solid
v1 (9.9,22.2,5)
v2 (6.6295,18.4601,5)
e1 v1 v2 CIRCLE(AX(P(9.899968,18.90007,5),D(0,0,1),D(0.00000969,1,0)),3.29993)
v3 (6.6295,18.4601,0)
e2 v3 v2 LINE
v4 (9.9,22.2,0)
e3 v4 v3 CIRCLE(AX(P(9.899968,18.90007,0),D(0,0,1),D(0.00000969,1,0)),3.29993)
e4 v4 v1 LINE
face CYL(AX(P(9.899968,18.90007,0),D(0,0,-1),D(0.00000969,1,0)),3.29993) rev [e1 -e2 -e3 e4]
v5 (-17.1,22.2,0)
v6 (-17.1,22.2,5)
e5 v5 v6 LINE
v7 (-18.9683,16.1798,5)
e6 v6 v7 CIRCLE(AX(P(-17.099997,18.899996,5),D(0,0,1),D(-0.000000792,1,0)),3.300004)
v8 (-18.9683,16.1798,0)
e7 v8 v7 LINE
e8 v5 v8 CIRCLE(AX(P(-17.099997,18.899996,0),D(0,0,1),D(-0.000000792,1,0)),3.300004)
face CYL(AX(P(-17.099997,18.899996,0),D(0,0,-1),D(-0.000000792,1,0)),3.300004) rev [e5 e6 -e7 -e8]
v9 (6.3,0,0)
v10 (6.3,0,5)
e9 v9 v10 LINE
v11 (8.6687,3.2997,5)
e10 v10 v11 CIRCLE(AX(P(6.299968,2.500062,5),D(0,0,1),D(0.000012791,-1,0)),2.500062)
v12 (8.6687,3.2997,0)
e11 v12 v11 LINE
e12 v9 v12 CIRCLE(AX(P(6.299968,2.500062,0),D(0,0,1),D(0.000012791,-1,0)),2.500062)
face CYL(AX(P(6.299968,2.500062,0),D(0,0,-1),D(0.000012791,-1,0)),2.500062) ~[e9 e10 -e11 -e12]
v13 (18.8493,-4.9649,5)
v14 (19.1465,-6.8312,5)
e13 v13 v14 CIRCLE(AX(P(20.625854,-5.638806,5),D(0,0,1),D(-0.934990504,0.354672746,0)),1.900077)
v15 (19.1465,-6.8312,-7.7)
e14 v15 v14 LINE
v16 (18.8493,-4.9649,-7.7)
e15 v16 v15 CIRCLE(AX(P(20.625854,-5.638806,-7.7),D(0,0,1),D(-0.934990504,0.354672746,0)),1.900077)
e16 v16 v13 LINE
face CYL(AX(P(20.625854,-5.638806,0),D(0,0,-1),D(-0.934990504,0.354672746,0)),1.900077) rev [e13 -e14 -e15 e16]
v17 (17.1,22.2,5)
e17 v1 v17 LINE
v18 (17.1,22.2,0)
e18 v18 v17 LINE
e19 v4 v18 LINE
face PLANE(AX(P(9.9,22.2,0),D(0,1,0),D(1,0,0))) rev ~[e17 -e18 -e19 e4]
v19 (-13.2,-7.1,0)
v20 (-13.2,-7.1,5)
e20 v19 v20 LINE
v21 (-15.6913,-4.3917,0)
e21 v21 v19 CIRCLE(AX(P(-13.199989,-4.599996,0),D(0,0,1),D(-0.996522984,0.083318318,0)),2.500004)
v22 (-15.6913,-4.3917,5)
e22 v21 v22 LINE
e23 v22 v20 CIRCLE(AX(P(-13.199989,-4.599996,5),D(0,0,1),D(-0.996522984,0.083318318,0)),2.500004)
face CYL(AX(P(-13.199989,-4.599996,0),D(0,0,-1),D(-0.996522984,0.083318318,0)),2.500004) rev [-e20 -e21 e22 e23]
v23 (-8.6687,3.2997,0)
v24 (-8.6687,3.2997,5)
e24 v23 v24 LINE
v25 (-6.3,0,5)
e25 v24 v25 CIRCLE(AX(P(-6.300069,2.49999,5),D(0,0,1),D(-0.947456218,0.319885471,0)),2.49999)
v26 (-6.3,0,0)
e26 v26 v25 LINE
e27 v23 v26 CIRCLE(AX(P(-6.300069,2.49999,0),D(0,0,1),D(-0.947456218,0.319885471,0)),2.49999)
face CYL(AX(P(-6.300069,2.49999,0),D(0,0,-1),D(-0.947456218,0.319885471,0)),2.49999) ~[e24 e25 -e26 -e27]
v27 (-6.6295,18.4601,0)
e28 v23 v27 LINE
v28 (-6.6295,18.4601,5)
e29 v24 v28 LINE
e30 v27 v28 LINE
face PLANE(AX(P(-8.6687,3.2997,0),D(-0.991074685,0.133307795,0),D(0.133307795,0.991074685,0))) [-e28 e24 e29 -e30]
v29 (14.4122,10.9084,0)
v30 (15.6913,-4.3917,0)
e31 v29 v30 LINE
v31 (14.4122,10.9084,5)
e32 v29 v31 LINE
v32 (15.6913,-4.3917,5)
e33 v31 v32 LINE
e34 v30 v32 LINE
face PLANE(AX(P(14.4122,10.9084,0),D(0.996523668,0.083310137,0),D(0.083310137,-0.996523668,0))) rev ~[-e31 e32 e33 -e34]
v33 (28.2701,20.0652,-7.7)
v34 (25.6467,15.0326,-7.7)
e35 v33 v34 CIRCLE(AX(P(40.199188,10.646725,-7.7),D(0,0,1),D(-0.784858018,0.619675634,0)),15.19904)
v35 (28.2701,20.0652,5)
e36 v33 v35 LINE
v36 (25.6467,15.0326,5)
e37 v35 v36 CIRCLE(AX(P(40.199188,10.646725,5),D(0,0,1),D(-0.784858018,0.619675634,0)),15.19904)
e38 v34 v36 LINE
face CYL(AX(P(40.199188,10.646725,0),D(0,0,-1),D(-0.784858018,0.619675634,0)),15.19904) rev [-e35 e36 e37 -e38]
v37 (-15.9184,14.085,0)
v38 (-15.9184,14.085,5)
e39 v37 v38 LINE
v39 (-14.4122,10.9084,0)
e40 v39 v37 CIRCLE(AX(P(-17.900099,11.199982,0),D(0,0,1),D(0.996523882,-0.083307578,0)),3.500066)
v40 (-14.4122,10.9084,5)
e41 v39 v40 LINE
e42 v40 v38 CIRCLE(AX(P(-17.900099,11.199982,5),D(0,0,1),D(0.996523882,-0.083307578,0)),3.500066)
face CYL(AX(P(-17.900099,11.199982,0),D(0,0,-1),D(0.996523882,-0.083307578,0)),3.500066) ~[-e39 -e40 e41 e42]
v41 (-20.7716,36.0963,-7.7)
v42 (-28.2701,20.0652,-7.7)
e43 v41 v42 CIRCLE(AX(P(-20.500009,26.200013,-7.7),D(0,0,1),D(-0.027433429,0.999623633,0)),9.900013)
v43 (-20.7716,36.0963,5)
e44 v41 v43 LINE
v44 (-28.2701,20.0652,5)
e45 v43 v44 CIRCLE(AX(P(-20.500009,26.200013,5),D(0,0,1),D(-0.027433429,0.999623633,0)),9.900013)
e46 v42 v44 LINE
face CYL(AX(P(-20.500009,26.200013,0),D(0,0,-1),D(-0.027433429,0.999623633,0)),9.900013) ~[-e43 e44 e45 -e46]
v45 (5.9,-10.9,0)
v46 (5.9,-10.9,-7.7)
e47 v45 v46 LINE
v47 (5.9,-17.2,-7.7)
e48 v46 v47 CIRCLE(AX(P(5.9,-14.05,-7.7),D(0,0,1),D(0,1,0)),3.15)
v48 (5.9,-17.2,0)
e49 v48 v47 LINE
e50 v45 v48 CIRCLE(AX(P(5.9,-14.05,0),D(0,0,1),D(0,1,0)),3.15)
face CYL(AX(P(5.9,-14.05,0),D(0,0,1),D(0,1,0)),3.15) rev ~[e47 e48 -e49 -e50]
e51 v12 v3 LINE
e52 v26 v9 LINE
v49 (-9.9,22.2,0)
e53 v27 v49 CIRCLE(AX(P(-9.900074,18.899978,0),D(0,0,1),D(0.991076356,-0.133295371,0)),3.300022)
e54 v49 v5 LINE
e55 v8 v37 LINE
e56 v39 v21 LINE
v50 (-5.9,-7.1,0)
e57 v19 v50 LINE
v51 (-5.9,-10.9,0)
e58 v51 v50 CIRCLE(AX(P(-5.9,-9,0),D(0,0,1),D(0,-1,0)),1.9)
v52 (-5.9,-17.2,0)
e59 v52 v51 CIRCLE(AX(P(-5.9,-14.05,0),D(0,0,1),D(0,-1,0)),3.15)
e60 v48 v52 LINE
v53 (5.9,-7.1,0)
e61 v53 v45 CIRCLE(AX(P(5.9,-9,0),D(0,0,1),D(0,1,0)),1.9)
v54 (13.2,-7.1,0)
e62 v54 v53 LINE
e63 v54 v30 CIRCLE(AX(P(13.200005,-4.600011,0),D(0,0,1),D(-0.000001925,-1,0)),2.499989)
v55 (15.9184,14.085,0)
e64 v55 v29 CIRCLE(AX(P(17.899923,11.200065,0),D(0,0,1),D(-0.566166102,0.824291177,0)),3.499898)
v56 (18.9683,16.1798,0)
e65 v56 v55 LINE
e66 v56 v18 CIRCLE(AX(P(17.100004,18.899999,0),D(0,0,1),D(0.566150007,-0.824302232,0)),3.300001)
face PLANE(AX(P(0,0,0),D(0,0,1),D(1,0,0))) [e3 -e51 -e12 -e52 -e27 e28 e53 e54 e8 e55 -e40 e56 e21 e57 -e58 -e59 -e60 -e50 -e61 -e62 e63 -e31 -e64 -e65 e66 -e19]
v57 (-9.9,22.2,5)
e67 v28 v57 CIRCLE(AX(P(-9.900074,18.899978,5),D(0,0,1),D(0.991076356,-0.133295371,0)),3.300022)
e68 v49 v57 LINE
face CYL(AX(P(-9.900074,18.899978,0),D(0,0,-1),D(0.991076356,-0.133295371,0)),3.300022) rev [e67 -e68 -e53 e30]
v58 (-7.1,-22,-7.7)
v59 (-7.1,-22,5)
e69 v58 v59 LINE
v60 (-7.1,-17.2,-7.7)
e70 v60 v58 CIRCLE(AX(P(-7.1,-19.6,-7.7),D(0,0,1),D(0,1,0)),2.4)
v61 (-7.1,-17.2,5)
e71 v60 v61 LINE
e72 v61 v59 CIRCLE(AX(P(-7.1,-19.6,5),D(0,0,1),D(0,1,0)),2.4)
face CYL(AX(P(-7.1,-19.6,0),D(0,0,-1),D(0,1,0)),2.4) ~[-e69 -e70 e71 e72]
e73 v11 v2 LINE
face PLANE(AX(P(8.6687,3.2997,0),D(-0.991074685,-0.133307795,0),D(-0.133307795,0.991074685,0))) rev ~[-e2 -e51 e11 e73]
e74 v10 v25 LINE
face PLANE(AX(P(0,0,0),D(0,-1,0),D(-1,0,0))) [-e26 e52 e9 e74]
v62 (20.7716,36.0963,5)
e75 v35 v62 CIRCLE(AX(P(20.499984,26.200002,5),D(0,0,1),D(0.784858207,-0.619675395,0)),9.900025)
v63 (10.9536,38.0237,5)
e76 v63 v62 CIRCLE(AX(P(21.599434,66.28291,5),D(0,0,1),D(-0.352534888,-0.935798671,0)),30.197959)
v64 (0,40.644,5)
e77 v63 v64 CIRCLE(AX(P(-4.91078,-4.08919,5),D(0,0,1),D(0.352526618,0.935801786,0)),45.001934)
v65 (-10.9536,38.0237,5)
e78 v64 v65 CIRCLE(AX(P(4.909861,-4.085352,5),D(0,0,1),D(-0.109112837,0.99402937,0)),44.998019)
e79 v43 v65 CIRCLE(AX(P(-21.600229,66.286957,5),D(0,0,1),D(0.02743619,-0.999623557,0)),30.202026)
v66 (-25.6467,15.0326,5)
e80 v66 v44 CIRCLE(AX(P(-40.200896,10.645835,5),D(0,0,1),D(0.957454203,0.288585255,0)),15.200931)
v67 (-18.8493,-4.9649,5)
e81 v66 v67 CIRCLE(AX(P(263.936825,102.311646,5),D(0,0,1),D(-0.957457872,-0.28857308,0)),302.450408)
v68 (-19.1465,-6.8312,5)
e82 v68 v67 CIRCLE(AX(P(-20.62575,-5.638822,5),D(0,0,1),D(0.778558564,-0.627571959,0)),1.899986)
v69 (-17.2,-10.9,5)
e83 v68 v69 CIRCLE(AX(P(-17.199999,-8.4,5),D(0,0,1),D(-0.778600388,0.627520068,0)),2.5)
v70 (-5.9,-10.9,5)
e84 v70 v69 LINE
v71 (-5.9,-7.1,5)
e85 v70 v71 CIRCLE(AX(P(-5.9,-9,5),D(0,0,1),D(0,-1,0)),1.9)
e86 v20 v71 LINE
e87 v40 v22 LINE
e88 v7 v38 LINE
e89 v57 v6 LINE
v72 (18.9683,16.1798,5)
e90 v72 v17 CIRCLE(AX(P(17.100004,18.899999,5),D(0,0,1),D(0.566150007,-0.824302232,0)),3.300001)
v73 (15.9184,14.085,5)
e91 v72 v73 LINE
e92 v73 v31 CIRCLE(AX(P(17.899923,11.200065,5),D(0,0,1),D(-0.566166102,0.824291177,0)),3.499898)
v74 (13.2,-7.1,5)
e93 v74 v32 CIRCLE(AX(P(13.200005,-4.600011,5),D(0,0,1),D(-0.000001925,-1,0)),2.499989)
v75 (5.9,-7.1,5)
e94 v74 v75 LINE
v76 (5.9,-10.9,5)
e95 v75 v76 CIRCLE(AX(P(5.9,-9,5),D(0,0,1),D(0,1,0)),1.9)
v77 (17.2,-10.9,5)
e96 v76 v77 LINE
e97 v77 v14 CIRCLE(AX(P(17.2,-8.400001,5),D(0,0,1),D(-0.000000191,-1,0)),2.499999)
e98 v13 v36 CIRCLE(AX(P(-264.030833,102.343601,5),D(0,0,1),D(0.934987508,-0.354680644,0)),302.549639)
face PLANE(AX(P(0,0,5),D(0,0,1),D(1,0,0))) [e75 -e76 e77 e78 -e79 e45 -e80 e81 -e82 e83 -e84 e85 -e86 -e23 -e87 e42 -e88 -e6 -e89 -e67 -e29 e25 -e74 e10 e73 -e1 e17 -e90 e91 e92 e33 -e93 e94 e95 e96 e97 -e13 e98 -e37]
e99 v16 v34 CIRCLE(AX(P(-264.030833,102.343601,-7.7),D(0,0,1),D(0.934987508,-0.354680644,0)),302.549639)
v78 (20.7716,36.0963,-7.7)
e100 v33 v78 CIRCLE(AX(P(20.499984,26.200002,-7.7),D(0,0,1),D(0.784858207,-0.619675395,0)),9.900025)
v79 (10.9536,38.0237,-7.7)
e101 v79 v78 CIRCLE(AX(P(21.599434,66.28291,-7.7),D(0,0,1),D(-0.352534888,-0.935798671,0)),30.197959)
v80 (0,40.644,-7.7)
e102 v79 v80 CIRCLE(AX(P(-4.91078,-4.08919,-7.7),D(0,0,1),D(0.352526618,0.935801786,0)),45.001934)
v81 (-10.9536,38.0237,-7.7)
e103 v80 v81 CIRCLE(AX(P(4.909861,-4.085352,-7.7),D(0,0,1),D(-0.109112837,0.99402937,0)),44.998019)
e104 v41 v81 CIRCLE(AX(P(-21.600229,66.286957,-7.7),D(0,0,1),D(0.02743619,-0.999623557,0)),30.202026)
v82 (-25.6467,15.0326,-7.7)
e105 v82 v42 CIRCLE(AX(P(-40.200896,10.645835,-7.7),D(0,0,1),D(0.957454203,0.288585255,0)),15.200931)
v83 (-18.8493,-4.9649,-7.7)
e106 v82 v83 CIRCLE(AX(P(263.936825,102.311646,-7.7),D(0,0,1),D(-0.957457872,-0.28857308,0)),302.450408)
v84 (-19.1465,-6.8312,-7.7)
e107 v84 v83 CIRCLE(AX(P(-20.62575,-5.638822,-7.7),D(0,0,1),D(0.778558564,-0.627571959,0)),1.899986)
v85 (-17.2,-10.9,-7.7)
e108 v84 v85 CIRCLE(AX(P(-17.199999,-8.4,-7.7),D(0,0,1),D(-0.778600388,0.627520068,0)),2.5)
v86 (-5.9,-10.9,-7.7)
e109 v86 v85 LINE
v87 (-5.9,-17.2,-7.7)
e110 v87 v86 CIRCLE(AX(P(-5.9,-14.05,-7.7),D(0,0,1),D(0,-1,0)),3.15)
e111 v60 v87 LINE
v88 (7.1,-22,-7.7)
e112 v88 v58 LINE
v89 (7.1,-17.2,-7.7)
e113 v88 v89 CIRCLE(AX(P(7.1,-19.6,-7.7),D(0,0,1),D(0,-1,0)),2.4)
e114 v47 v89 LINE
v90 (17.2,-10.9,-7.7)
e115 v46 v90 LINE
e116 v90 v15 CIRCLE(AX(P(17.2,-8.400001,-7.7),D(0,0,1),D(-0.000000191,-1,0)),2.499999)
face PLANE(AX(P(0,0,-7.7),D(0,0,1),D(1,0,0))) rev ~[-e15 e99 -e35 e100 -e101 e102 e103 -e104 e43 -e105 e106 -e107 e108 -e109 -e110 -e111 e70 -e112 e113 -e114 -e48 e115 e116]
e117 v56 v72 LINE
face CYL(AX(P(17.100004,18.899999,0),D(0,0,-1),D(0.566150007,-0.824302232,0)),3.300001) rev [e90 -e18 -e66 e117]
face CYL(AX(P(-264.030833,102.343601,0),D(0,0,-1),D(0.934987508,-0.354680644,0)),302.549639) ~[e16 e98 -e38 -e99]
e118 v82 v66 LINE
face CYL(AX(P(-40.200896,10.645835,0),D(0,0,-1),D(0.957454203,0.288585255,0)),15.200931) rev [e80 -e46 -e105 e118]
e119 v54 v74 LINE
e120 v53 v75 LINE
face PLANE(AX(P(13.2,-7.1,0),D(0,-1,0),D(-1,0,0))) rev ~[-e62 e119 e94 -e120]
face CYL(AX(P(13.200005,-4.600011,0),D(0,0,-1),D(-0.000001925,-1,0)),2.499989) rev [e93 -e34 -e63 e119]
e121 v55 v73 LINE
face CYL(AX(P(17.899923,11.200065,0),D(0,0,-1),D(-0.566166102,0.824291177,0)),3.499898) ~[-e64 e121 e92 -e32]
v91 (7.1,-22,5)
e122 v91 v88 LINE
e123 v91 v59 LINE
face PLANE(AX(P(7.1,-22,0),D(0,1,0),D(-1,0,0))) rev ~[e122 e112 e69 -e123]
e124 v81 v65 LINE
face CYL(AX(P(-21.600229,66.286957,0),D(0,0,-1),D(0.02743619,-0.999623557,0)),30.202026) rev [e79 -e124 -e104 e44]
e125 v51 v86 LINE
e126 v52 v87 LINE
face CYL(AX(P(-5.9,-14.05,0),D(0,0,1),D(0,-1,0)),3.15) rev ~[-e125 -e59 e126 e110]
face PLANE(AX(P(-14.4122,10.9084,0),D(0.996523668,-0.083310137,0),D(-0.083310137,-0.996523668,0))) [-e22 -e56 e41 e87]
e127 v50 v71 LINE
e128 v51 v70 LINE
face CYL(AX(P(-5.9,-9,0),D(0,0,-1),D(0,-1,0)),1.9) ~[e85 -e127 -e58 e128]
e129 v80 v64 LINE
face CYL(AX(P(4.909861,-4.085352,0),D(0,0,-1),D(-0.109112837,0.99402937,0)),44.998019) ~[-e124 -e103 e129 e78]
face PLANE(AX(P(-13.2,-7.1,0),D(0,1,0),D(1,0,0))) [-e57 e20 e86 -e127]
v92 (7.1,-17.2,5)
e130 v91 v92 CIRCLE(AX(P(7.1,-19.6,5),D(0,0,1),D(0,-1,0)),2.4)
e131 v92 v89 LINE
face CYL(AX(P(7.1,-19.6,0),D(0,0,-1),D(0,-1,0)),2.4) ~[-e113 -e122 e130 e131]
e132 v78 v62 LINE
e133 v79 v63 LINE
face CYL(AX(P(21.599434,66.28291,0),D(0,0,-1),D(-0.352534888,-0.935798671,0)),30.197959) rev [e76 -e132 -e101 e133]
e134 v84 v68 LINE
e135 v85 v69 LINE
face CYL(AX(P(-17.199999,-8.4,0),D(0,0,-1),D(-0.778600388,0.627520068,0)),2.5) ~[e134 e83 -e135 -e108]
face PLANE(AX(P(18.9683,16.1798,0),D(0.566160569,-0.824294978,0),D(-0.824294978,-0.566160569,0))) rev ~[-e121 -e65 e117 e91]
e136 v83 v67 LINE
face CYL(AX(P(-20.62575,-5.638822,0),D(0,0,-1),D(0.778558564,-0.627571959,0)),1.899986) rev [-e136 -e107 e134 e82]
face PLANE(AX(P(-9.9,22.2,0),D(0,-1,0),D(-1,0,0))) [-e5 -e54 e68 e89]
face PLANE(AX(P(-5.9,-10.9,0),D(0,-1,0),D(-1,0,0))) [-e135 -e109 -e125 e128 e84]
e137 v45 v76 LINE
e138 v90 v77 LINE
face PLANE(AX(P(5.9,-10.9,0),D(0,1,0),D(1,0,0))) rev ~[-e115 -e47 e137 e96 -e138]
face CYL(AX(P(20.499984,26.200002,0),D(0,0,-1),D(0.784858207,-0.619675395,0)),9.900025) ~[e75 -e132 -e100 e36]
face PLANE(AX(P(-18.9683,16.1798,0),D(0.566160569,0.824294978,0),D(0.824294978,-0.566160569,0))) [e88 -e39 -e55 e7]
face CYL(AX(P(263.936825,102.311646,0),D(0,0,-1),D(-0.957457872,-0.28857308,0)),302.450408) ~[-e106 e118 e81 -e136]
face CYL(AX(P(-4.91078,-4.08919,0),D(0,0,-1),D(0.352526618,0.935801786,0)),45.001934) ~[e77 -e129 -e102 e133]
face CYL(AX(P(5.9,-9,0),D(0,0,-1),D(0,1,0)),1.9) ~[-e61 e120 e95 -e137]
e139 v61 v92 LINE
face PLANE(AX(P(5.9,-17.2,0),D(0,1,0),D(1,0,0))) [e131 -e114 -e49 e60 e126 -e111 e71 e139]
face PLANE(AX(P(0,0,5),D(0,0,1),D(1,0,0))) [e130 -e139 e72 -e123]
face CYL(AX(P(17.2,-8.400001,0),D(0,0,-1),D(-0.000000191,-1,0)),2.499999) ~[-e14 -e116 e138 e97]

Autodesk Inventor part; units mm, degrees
ref_plane "YZ Plane" through (0, 0, 0) normal (1, 0, 0) x (0, 1, 0)
ref_plane "XZ Plane" through (0, 0, 0) normal (0, 1, 0) x (-1, 0, 0)
ref_plane "XY Plane" through (0, 0, 0) normal (0, 0, 1) x (1, 0, 0)
sketch "Sketch1" plane through (0, 0, 0) normal (0, 0, 1) x (1, 0, 0)
  line L0 (0, 0) -> (6.3, 0)
  arc A0 (6.3, 0) -> (8.6687, 3.2997) centre (6.3, 2.5) ccw
  line L1 (8.6687, 3.2997) -> (6.6295, 18.4601)
  arc A1 (9.9, 22.2) -> (6.6295, 18.4601) centre (9.9, 18.9) ccw
  line L2 (9.9, 22.2) -> (17.1, 22.2)
  arc A2 (18.9683, 16.1798) -> (17.1, 22.2) centre (17.1, 18.9) ccw
  line L3 (18.9683, 16.1798) -> (15.9184, 14.085)
  arc A3 (15.9184, 14.085) -> (14.4122, 10.9084) centre (17.9, 11.2) ccw
  line L4 (14.4122, 10.9084) -> (15.6913, -4.3917)
  arc A4 (13.2, -7.1) -> (15.6913, -4.3917) centre (13.2, -4.6) ccw
  line L5 (13.2, -7.1) -> (5.9, -7.1)
  arc A5 (5.9, -7.1) -> (5.9, -10.9) centre (5.9, -9) ccw
  line L6 (5.9, -10.9) -> (17.2, -10.9)
  arc A6 (17.2, -10.9) -> (19.1465, -6.8312) centre (17.2, -8.4) ccw
  arc A7 (28.2701, 20.0652) -> (20.7716, 36.0963) centre (20.5, 26.2) ccw
  arc A8 (10.9536, 38.0237) -> (20.7716, 36.0963) centre (21.6, 66.2849) ccw
  arc A9 (10.9536, 38.0237) -> (0, 40.644) centre (-4.9102, -4.0873) ccw
  arc A10 (28.2701, 20.0652) -> (25.6467, 15.0326) centre (40.2, 10.6462) ccw
  arc A11 (18.8493, -4.9649) -> (25.6467, 15.0326) centre (-263.9841, 102.3268) ccw
  arc A12 (18.8493, -4.9649) -> (19.1465, -6.8312) centre (20.6258, -5.6388) ccw
  line L7 (0, 0) -> (0, 50) construction
  line L8 (7.1, -19.6) -> (-7.1, -19.6) construction
  line L9 (7.1, -22) -> (-7.1, -22)
  line L10 (-7.1, -17.2) -> (7.1, -17.2)
  arc A13 (7.1, -22) -> (7.1, -17.2) centre (7.1, -19.6) ccw
  arc A14 (-7.1, -17.2) -> (-7.1, -22) centre (-7.1, -19.6) ccw
  arc A15 (5.9, -10.9) -> (5.9, -17.2) centre (5.9, -14.05) ccw
  line L11 (0, 0) -> (-6.3, 0)
  arc A16 (-8.6687, 3.2997) -> (-6.3, 0) centre (-6.3, 2.5) ccw
  line L12 (-8.6687, 3.2997) -> (-6.6295, 18.4601)
  arc A17 (-6.6295, 18.4601) -> (-9.9, 22.2) centre (-9.9, 18.9) ccw
  line L13 (-9.9, 22.2) -> (-17.1, 22.2)
  arc A18 (-17.1, 22.2) -> (-18.9683, 16.1798) centre (-17.1, 18.9) ccw
  line L14 (-18.9683, 16.1798) -> (-15.9184, 14.085)
  arc A19 (-14.4122, 10.9084) -> (-15.9184, 14.085) centre (-17.9, 11.2) ccw
  line L15 (-14.4122, 10.9084) -> (-15.6913, -4.3917)
  arc A20 (-15.6913, -4.3917) -> (-13.2, -7.1) centre (-13.2, -4.6) ccw
  line L16 (-13.2, -7.1) -> (-5.9, -7.1)
  arc A21 (-5.9, -10.9) -> (-5.9, -7.1) centre (-5.9, -9) ccw
  line L17 (-5.9, -10.9) -> (-17.2, -10.9)
  arc A22 (-19.1465, -6.8312) -> (-17.2, -10.9) centre (-17.2, -8.4) ccw
  arc A23 (-20.7716, 36.0963) -> (-28.2701, 20.0652) centre (-20.5, 26.2) ccw
  arc A24 (-20.7716, 36.0963) -> (-10.9536, 38.0237) centre (-21.6, 66.2849) ccw
  arc A25 (-25.6467, 15.0326) -> (-28.2701, 20.0652) centre (-40.2, 10.6462) ccw
  arc A26 (-25.6467, 15.0326) -> (-18.8493, -4.9649) centre (263.9841, 102.3268) ccw
  arc A27 (-19.1465, -6.8312) -> (-18.8493, -4.9649) centre (-20.6258, -5.6388) ccw
  arc A28 (-5.9, -17.2) -> (-5.9, -10.9) centre (-5.9, -14.05) ccw
  arc A29 (0, 40.644) -> (-10.9536, 38.0237) centre (4.9102, -4.0873) ccw
  point P0 (0, -19.6)
  dimension "d0" = 6.3
  dimension "d1" = 3.3
  dimension "d2" = 3.3
  dimension "d3" = 3.5
  dimension "d4" = 2.5
  dimension "d5" = 1.9
  dimension "d6" = 9.9
  dimension "d7" = 9.9
  dimension "d8" = 18.9
  dimension "d9" = 2.5
  dimension "d10" = 17.1
  dimension "d11" = 11.2
  dimension "d12" = 17.9
  dimension "d13" = 4.6
  dimension "d14" = 13.2
  dimension "d16" = 5.9
  dimension "d18" = 17.2
  dimension "d19" = 8.4
  dimension "d20" = 2.5
  dimension "d21" = 26.2
  dimension "d22" = 1.9
  dimension "d23" = 45
  dimension "d24" = 30.2
  dimension "d25" = 15.2
  dimension "d26" = 302.5
  dimension "d27" = 20.5
  dimension "d28" = 21.6
  dimension "d30" = 40.2
  dimension "d31" = 10.6462
  dimension "d33" = 2.4
  dimension "d34" = 7.1
  dimension "d35" = 19.6
  dimension "d37" = 3.15
  dimension "d38" = 7.1
extrude "Extrusion1" add sketch "Sketch1" along normal blind 5 contours L11 A16 L12 A17 L13 A18 L14 A19 L15 A20 L16 A21 L17 A22 A27 A26 A25 A23 A24 A29 A9 A8 A7 A10 A11 A12 A6 L6 A5 L5 A4 L4 A3 L3 A2 L2 A1 L1 A0 L0 | L10 A13 L9 A14
extrude "Extrusion2" add sketch "Sketch1" against normal blind 7.7
properties part number "Puma" material "Gold"
